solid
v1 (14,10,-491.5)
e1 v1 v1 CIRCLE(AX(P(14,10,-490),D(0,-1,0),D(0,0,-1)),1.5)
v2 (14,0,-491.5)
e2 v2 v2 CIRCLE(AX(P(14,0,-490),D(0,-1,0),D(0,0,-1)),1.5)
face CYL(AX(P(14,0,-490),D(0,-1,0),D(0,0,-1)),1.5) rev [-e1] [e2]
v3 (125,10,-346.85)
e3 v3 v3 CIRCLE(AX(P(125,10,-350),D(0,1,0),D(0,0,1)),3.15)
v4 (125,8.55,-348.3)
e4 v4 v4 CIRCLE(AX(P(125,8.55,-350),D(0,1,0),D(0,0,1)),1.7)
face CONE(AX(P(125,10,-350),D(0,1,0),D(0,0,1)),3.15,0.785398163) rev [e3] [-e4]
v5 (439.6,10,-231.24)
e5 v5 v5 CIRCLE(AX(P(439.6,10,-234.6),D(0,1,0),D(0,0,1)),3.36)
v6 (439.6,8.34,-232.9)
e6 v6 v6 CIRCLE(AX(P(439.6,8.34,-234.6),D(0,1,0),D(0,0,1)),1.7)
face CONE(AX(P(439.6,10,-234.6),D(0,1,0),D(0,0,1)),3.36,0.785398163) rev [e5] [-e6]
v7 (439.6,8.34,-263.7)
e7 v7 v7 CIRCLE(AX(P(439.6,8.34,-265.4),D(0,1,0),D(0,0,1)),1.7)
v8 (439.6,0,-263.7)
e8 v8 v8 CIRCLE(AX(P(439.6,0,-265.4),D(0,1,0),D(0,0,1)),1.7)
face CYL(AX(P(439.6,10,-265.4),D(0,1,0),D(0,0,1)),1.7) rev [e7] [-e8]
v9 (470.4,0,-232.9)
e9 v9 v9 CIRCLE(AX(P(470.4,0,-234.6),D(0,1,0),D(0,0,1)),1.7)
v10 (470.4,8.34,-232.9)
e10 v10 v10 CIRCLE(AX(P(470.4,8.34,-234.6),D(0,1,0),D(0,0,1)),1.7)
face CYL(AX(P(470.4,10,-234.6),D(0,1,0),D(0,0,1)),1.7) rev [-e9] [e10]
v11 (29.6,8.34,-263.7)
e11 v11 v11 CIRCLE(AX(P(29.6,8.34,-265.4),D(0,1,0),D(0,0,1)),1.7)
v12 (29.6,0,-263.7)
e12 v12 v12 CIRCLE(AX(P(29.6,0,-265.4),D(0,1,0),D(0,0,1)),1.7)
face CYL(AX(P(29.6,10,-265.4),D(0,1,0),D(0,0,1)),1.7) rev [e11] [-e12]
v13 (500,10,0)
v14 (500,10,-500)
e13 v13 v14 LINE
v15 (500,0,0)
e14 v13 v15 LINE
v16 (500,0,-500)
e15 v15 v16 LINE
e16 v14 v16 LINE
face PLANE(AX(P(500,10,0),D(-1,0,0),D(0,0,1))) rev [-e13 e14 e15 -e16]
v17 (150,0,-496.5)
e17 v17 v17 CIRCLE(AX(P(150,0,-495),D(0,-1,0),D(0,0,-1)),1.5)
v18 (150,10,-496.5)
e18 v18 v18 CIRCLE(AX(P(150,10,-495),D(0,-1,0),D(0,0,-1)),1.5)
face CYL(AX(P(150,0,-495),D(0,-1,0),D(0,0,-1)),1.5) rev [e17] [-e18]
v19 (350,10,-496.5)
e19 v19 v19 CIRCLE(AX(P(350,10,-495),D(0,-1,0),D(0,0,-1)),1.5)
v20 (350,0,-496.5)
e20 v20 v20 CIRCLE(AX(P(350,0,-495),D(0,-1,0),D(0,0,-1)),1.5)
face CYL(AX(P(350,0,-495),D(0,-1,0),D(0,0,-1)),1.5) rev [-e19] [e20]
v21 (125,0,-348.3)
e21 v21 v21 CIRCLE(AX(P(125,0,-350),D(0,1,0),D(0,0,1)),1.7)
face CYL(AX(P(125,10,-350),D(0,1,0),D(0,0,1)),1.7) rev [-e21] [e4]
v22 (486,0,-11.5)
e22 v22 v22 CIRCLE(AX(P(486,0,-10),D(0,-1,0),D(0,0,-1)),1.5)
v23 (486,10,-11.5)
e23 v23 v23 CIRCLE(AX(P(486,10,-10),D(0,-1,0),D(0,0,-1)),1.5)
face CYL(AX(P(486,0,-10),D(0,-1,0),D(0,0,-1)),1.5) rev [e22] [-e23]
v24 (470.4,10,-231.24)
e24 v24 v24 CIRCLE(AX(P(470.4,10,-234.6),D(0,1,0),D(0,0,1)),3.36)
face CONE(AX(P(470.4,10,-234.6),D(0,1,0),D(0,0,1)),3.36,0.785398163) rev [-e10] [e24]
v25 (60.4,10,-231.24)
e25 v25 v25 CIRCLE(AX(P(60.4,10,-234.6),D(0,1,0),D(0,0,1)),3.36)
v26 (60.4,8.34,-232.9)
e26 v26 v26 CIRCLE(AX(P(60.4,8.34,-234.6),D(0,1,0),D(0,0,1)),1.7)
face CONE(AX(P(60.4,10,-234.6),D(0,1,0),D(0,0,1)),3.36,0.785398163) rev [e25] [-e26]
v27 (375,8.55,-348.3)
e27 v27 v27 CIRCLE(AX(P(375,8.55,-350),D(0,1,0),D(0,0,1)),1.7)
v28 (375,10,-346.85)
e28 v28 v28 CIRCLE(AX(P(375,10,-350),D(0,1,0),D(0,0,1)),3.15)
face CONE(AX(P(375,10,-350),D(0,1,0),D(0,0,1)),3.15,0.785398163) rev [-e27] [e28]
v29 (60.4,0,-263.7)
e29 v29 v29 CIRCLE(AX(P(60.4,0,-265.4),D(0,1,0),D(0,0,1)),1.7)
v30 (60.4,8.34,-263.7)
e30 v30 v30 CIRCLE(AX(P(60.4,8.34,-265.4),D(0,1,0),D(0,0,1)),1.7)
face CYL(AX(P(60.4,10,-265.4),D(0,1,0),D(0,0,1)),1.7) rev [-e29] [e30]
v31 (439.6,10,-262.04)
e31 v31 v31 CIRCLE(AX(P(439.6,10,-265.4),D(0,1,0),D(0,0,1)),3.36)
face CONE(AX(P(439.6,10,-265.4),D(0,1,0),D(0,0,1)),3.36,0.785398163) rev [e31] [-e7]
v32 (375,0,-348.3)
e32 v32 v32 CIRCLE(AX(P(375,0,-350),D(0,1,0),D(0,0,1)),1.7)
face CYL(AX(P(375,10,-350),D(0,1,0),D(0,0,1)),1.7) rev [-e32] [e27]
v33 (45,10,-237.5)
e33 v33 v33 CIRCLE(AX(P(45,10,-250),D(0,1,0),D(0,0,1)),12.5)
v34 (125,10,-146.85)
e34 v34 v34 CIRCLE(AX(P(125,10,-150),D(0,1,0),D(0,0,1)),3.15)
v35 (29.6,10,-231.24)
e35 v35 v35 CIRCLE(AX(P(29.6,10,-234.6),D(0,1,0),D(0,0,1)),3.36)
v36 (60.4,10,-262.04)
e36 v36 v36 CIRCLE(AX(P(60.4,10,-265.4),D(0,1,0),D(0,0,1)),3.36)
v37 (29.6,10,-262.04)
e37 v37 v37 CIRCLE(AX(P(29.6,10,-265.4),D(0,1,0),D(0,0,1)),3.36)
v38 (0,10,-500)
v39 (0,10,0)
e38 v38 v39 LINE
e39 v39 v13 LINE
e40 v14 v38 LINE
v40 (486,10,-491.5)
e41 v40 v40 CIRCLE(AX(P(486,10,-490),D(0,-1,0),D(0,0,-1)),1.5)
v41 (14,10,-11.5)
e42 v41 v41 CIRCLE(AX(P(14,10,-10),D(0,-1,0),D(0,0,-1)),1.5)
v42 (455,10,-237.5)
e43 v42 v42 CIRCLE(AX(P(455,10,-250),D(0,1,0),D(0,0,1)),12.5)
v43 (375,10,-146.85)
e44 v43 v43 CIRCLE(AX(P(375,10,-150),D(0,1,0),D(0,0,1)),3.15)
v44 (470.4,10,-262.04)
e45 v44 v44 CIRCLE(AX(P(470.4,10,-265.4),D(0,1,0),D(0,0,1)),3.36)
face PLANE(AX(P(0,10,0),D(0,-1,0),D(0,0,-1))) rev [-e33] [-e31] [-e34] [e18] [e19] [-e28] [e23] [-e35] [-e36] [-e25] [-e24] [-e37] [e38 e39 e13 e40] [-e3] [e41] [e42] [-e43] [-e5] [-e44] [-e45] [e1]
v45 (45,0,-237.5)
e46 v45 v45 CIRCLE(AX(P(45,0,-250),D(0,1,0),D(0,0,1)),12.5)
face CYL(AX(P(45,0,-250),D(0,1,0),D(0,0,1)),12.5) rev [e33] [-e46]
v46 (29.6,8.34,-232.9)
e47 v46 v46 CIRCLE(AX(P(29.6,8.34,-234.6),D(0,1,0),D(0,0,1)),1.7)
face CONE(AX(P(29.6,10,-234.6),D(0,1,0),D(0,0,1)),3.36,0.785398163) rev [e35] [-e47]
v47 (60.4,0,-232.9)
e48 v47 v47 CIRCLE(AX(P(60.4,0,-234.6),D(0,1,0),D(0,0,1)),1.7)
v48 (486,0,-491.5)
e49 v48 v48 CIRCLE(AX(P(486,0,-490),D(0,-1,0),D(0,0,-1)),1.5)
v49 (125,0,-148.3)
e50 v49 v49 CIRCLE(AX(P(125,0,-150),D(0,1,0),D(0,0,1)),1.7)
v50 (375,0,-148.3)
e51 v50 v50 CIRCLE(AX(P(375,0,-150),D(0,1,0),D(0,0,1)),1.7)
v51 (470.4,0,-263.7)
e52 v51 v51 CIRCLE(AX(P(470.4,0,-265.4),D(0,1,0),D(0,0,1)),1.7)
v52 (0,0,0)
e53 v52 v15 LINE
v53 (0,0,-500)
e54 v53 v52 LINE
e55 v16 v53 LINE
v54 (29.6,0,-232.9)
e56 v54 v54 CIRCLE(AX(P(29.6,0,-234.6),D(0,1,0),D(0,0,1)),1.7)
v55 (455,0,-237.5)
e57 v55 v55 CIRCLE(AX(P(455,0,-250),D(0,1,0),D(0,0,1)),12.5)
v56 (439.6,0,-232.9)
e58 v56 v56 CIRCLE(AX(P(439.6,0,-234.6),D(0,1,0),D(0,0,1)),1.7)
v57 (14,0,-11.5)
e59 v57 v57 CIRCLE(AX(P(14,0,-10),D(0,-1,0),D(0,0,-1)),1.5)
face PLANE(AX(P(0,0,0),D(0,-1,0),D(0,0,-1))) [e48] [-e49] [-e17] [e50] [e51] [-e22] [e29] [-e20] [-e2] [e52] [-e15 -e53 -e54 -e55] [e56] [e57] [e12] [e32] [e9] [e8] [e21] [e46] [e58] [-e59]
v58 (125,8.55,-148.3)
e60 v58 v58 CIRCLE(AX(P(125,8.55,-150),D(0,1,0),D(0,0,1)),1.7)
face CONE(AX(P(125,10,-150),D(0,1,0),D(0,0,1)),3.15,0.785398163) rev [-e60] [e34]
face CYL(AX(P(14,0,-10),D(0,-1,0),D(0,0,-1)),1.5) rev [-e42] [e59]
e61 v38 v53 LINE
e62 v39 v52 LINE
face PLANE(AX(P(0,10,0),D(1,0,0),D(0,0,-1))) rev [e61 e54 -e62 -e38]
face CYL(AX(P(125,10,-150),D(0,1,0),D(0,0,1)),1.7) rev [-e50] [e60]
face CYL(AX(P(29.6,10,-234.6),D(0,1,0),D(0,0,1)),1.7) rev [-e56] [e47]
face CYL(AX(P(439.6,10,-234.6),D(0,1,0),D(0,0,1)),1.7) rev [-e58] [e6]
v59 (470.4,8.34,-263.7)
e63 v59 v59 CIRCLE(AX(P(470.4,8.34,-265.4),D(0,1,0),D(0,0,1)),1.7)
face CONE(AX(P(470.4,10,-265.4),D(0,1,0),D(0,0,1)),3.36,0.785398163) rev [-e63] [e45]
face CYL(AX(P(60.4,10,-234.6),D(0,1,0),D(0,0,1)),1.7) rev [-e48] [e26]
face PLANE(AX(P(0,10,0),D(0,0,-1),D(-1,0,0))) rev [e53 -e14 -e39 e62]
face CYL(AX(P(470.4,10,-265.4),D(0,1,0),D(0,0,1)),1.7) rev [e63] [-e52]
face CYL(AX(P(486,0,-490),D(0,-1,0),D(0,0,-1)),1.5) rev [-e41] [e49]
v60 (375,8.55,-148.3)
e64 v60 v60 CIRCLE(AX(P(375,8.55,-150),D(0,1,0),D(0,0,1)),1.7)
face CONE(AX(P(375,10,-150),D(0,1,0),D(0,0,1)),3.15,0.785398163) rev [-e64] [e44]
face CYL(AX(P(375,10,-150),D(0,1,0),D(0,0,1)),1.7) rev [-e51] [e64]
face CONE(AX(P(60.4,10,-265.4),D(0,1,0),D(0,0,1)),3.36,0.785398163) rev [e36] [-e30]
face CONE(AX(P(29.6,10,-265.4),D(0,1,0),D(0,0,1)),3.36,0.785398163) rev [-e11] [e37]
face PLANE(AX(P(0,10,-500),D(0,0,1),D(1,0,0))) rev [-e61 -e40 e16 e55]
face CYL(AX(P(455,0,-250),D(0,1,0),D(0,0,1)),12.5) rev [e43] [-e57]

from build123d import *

# Parameters (mm, degrees)
SZKIC1_W                                             = 500
SZKIC1_H                                             = 500
DODANIE_WYCI_GNI_CIE1_DEPTH                          = 10
SZKIC2_R                                             = 12.5
WYTNIJ_WYCI_GNI_CIE1_DEPTH                           = 708.177488329
POG_BIENIE_STO_KOWE_POD_M3_WKR_T_USTALAJ_D           = 3.4
POG_BIENIE_STO_KOWE_POD_M3_WKR_T_USTALAJ_CSINK_D     = 6.72
POG_BIENIE_STO_KOWE_POD_M3_WKR_T_USTALAJ_CSINK_ANGLE = 90
POG_BIENIE_STO_KOWE_POD_M3_WKR_T_DO_CZ_C_D           = 3.4
POG_BIENIE_STO_KOWE_POD_M3_WKR_T_DO_CZ_C_DEPTH       = 10
POG_BIENIE_STO_KOWE_POD_M3_WKR_T_DO_CZ_C_CSINK_D     = 6.3
POG_BIENIE_STO_KOWE_POD_M3_WKR_T_DO_CZ_C_CSINK_ANGLE = 90
POG_BIENIE_STO_KOWE_POD_M3_WKR_T_DO_CZ_C_TIP         = 1.021463052
OTWORY_USTALAJ_CE_3_0MM1_D                           = 3
OTWORY_USTALAJ_CE_3_0MM1_DEPTH                       = 10
OTWORY_USTALAJ_CE_3_0MM1_TIP                         = 0.901290929
OTWORY_USTALAJ_CE_3_0MM2_D                           = 3
OTWORY_USTALAJ_CE_3_0MM2_DEPTH                       = 10
OTWORY_USTALAJ_CE_3_0MM2_TIP                         = 0.901290929


with BuildPart() as part:
    # Szkic1 → Dodanie-wyciągnięcie1 (new body)
    with BuildSketch(Plane(origin=(0, 0, 0), x_dir=(1, 0, 0), z_dir=(0, 1, 0))):
        with Locations((250, 250)):
            Rectangle(SZKIC1_W, SZKIC1_H)
    extrude(amount=DODANIE_WYCI_GNI_CIE1_DEPTH)

    # Szkic2 → Wytnij-wyciągnięcie1 (cut, through all)
    with BuildSketch(Plane(origin=(0, 10, 0), x_dir=(1, 0, 0), z_dir=(0, 1, 0))):
        with Locations(Location((45, 250, 0), (0, 0, 270))):
            Circle(SZKIC2_R)
        with Locations(Location((455, 250, 0), (0, 0, 270))):
            Circle(SZKIC2_R)
    extrude(amount=-WYTNIJ_WYCI_GNI_CIE1_DEPTH, mode=Mode.SUBTRACT)

    # Pogłębienie stożkowe pod M3 Wkręt ustalający1 (through all)
    with Locations(Plane(origin=(0, 10, 0), x_dir=(1, 0, 0), z_dir=(0, 1, 0))):
        with Locations((439.6, 265.4), (439.6, 234.6), (470.4, 234.6), (470.4, 265.4), (60.4, 234.6), (60.4, 265.4), (29.6, 234.6), (29.6, 265.4)):
            CounterSinkHole(POG_BIENIE_STO_KOWE_POD_M3_WKR_T_USTALAJ_D / 2, POG_BIENIE_STO_KOWE_POD_M3_WKR_T_USTALAJ_CSINK_D / 2, counter_sink_angle=POG_BIENIE_STO_KOWE_POD_M3_WKR_T_USTALAJ_CSINK_ANGLE)

    # Pogłębienie stożkowe pod M3 wkręt do części metalowych z łbem soczewkowym1
    with Locations(Plane(origin=(0, 10, 0), x_dir=(1, 0, 0), z_dir=(0, 1, 0))):
        with Locations((375, 350), (375, 150), (125, 350), (125, 150)):
            CounterSinkHole(POG_BIENIE_STO_KOWE_POD_M3_WKR_T_DO_CZ_C_D / 2, POG_BIENIE_STO_KOWE_POD_M3_WKR_T_DO_CZ_C_CSINK_D / 2, depth=POG_BIENIE_STO_KOWE_POD_M3_WKR_T_DO_CZ_C_DEPTH, counter_sink_angle=POG_BIENIE_STO_KOWE_POD_M3_WKR_T_DO_CZ_C_CSINK_ANGLE)
            with Locations((0, 0, -(POG_BIENIE_STO_KOWE_POD_M3_WKR_T_DO_CZ_C_DEPTH + POG_BIENIE_STO_KOWE_POD_M3_WKR_T_DO_CZ_C_TIP / 2))):  # 118° drill point
                Cone(0, POG_BIENIE_STO_KOWE_POD_M3_WKR_T_DO_CZ_C_D / 2, POG_BIENIE_STO_KOWE_POD_M3_WKR_T_DO_CZ_C_TIP, mode=Mode.SUBTRACT)

    # Otwory ustalające Ø3.0mm1
    with Locations(Plane(origin=(0, 0, 0), x_dir=(-1, 0, 0), z_dir=(0, -1, 0))):
        with Locations((-486, 490), (-486, 10), (-14, 10), (-14, 490)):
            Hole(OTWORY_USTALAJ_CE_3_0MM1_D / 2, depth=OTWORY_USTALAJ_CE_3_0MM1_DEPTH)
            with Locations((0, 0, -(OTWORY_USTALAJ_CE_3_0MM1_DEPTH + OTWORY_USTALAJ_CE_3_0MM1_TIP / 2))):  # 118° drill point
                Cone(0, OTWORY_USTALAJ_CE_3_0MM1_D / 2, OTWORY_USTALAJ_CE_3_0MM1_TIP, mode=Mode.SUBTRACT)

    # Otwory ustalające Ø3.0mm2
    with Locations(Plane(origin=(0, 0, 0), x_dir=(-1, 0, 0), z_dir=(0, -1, 0))):
        with Locations((-150, 495), (-350, 495)):
            Hole(OTWORY_USTALAJ_CE_3_0MM2_D / 2, depth=OTWORY_USTALAJ_CE_3_0MM2_DEPTH)
            with Locations((0, 0, -(OTWORY_USTALAJ_CE_3_0MM2_DEPTH + OTWORY_USTALAJ_CE_3_0MM2_TIP / 2))):  # 118° drill point
                Cone(0, OTWORY_USTALAJ_CE_3_0MM2_D / 2, OTWORY_USTALAJ_CE_3_0MM2_TIP, mode=Mode.SUBTRACT)


solid = part.part
